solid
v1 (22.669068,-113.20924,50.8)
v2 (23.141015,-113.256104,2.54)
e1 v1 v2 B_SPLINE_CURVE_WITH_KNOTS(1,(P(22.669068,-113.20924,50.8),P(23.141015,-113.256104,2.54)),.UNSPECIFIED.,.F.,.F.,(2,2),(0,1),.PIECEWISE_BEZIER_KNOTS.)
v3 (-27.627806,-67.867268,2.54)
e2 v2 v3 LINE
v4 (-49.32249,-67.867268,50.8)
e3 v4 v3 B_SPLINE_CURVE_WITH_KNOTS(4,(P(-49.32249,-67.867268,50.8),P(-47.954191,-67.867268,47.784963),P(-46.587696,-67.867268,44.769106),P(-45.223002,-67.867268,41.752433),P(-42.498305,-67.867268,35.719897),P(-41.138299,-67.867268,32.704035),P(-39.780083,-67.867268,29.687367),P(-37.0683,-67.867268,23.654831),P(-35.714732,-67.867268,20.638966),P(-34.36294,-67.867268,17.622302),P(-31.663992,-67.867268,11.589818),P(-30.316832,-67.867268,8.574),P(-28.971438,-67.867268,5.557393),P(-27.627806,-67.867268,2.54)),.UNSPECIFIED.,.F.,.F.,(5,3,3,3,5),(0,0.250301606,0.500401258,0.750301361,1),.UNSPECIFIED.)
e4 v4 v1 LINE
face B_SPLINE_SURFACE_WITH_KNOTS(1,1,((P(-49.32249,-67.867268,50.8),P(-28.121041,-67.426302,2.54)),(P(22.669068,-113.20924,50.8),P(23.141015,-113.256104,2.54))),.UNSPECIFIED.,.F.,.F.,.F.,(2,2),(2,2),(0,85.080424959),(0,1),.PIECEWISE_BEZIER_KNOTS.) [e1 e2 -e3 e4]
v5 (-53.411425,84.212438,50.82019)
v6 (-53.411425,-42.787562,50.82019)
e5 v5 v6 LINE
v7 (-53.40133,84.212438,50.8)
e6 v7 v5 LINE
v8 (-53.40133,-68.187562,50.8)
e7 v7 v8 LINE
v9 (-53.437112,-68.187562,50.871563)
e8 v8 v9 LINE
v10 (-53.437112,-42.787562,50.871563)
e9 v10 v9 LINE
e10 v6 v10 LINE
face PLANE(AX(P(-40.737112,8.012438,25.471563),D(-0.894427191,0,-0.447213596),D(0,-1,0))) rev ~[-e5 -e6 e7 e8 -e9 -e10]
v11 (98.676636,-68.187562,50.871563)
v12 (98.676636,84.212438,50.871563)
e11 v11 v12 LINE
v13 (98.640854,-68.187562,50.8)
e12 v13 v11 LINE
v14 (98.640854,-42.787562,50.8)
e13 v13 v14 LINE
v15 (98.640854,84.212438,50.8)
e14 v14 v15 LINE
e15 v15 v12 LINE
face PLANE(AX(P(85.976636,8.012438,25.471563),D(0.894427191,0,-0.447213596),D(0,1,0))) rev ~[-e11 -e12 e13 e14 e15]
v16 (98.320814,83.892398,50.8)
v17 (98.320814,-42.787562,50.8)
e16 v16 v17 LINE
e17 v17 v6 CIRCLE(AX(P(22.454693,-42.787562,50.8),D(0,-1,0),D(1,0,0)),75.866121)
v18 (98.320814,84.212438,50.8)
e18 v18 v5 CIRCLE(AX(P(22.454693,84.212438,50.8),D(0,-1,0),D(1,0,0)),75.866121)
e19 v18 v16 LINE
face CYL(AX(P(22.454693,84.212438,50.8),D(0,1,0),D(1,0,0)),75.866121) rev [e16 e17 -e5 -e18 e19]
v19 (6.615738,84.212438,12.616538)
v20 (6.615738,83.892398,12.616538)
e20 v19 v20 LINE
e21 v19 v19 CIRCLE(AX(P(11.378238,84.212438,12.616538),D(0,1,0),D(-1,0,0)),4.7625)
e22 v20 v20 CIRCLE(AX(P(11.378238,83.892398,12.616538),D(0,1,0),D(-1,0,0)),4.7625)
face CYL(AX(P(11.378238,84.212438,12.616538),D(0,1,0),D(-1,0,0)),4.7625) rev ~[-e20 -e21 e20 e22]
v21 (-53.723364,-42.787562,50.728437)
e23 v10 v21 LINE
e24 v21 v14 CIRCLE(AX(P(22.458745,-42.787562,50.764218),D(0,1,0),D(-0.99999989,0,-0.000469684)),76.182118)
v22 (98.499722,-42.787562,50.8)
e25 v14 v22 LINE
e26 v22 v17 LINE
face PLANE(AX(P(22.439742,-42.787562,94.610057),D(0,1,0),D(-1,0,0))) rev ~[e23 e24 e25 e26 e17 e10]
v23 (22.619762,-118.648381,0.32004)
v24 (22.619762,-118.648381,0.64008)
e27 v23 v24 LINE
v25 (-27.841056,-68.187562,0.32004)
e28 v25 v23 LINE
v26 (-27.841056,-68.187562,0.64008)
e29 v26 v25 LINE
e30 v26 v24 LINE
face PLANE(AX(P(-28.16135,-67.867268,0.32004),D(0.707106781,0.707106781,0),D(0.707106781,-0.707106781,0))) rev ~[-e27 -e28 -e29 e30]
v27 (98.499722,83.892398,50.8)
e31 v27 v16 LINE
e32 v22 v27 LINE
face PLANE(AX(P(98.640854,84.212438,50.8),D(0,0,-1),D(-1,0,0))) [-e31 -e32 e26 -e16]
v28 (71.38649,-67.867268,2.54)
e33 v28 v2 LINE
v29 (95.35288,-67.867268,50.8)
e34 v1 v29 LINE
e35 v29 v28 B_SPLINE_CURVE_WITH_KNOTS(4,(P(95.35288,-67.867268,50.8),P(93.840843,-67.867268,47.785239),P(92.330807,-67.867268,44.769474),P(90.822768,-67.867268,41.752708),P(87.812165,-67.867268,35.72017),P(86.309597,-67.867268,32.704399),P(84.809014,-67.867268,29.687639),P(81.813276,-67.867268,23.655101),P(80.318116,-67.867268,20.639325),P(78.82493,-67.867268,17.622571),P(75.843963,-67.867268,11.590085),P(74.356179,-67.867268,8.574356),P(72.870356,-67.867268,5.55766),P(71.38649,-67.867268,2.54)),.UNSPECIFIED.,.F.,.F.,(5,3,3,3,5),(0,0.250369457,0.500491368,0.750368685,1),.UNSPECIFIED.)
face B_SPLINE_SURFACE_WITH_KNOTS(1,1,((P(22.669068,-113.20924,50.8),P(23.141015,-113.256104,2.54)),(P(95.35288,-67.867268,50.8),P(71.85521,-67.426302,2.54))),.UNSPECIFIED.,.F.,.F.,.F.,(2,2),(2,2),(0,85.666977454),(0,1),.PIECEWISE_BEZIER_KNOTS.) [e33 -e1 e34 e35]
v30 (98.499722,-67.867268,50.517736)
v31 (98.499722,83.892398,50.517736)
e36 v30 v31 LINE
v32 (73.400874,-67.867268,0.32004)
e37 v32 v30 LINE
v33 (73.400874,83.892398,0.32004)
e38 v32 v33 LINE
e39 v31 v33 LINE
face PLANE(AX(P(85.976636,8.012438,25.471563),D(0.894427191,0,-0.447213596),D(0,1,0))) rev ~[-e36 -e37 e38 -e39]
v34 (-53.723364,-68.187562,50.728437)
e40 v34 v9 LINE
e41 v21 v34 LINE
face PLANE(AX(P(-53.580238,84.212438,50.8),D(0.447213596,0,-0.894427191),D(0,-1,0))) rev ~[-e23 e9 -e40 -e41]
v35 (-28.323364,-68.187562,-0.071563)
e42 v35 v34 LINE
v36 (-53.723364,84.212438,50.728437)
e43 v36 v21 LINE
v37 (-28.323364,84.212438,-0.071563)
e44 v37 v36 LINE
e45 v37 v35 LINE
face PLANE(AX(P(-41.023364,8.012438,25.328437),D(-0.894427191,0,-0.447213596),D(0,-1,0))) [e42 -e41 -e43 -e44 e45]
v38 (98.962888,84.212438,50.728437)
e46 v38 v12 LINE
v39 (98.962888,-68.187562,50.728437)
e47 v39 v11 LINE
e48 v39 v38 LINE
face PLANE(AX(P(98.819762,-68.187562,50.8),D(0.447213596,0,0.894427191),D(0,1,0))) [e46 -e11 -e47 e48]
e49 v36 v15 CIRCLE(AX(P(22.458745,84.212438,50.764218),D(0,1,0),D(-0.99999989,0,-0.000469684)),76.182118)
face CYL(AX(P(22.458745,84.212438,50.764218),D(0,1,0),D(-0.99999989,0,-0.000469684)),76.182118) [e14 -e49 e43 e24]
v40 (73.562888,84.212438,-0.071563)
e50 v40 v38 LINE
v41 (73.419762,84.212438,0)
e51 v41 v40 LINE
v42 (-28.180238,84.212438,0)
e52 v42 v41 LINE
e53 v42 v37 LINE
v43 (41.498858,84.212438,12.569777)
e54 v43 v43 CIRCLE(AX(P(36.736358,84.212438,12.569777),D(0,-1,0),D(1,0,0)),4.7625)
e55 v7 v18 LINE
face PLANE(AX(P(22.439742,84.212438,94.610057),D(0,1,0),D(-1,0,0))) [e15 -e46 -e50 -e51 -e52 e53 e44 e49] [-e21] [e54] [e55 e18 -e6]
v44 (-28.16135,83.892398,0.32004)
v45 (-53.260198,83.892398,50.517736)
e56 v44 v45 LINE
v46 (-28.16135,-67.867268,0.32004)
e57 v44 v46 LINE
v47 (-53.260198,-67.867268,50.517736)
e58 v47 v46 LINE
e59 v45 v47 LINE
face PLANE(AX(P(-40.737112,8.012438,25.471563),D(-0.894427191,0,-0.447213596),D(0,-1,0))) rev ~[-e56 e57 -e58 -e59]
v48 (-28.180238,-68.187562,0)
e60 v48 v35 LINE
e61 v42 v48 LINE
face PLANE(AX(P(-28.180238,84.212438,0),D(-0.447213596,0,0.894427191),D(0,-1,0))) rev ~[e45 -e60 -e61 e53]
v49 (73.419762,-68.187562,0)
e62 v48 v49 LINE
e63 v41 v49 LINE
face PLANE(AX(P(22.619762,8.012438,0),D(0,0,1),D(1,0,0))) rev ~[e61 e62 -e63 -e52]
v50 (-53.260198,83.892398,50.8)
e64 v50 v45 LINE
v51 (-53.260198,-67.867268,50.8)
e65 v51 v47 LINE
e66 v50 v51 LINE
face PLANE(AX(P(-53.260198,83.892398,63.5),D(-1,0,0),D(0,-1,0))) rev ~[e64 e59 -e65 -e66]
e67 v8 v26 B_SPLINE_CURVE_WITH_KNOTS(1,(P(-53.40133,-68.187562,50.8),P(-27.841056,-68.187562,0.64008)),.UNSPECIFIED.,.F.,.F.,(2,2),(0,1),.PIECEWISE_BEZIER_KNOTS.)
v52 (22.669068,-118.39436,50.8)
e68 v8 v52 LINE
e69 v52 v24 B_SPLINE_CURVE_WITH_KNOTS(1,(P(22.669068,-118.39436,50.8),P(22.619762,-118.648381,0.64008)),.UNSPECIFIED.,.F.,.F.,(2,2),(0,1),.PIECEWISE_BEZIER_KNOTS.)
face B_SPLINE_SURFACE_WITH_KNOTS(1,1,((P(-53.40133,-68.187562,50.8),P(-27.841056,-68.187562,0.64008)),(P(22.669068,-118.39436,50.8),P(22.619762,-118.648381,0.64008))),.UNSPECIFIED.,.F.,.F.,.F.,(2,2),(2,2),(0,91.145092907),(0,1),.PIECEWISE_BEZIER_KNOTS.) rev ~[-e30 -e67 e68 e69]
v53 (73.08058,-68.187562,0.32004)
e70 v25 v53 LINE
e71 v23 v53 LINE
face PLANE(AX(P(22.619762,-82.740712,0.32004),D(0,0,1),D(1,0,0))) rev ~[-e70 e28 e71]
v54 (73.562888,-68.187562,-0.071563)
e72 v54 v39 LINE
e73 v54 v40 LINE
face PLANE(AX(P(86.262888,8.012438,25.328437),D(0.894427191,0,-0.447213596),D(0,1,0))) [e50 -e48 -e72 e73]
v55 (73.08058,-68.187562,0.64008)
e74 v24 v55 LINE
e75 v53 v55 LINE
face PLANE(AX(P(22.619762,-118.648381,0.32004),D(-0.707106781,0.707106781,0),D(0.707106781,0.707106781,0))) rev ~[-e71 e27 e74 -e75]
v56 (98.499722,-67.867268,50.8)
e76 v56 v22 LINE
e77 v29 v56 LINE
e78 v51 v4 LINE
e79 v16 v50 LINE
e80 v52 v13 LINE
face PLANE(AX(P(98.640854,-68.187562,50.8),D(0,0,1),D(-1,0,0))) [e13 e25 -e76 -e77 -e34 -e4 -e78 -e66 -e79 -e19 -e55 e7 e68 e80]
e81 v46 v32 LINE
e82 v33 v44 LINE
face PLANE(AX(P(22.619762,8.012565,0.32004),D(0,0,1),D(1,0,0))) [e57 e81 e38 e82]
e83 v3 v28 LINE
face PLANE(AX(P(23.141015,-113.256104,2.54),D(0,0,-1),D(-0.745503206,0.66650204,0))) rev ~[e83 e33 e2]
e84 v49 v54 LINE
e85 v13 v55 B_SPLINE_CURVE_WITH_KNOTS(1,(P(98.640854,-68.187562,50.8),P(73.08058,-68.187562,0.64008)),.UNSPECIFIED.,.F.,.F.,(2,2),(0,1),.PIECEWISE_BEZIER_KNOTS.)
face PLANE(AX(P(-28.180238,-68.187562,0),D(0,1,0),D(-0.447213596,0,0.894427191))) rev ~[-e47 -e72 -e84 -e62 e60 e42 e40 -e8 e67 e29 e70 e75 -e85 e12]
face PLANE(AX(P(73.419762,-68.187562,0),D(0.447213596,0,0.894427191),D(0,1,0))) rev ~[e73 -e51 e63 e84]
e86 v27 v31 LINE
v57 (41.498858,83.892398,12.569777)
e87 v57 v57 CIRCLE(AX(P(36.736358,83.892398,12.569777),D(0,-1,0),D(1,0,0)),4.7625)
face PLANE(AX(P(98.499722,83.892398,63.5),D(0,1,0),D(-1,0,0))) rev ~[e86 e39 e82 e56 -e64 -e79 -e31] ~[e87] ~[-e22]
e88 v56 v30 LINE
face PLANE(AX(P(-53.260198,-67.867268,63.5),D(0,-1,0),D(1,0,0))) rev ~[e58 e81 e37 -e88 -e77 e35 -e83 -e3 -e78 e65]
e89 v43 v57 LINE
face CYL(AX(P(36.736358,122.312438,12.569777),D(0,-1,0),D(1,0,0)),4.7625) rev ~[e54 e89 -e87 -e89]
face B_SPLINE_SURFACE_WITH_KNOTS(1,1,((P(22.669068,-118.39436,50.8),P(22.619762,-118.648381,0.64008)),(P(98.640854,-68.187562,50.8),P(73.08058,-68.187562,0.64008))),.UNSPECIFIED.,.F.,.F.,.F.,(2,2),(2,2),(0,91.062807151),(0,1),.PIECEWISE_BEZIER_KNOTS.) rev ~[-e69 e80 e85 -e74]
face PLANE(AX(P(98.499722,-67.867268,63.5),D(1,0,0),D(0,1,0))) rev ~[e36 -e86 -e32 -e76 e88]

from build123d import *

# Parameters (mm, degrees)
F0_W           = 152.4
F0_H           = 152.4
F1_DEPTH       = 63.5
F3_DEPTH       = 63.17996
F4_DEPTH       = 12.7
F6_DEPTH       = 609.6
F7_W           = 152.4
F7_H           = 56.7961266285
F8_DEPTH       = 0.16002
F8_DEPTH_BACK  = 0.16002
F9_W           = 152.4
F9_H           = 56.7961266285
F10_DEPTH      = 0.16002
F10_DEPTH_BACK = 0.16002
F12_DEPTH      = 0.32004
F19_DEPTH      = 127
F24_D          = 9.525
F24_DEPTH      = 38.1
F24_TIP        = 2.8615986981
F26_DEPTH      = 25.4


with BuildPart() as f1:
    # F0 (on Top) → F1 (new body)
    with BuildSketch(Plane.XY):
        with Locations((22.6197618335, 8.0124375336)):
            Rectangle(F0_W, F0_H)
    extrude(amount=F1_DEPTH)

    # F2 (on face) → F3 (cut)
    with BuildSketch(Plane.XY.offset(63.5)):
        Polygon((22.6197618335, 83.8923975336), (-53.2601981665, 83.8923975336), (-53.2601981665, -0.1986662101), (-53.2601981665, -67.8672684664), (22.6197618335, -67.8672684664), (98.4997218335, -67.8672684664), (98.4997218335, -5.9687194955), (98.4997218335, 83.8923975336), align=None)
    extrude(amount=-F3_DEPTH, mode=Mode.SUBTRACT)

    # F4 (cut): a face of the model
    f4_faces = [f1.faces().sort_by_distance(p)[0] for p in [
        (22.6197618335, 83.9969113867, 63.5),
    ]]
    extrude(f4_faces, amount=-F4_DEPTH, mode=Mode.SUBTRACT)

    # F5 (on face) → F6 (cut)
    with BuildSketch(Plane(origin=(0, 84.2124375336, 0), x_dir=(-1, 0, 0), z_dir=(0, 1, 0))):
        Polygon((-73.4197618335, 0), (-98.8197618335, 50.8), (-98.8197618335, 0), align=None)
        Polygon((53.5802381665, 0), (53.5802381665, 50.8), (28.1802381665, 0), align=None)
    extrude(amount=-F6_DEPTH, mode=Mode.SUBTRACT)

    # F7 (on face) → F8 (join, two sides)
    with BuildSketch(Plane(origin=(58.7358094668, 0, -29.3679047334), x_dir=(0, 1, 0), z_dir=(0.894427191, 0, -0.4472135955))) as f8_sk:
        with Locations((8.0124375336, 61.2323789846)):
            Rectangle(F7_W, F7_H)
    extrude(amount=-F8_DEPTH)
    extrude(f8_sk.sketch, amount=F8_DEPTH_BACK)

    # F9 (on face) → F10 (join, two sides)
    with BuildSketch(Plane(origin=(-22.5441905332, 0, -11.2720952666), x_dir=(0, -1, 0), z_dir=(-0.894427191, 0, -0.4472135955))) as f10_sk:
        with Locations((-8.0124375336, 41.0006489467)):
            Rectangle(F9_W, F9_H)
    extrude(amount=F10_DEPTH)
    extrude(f10_sk.sketch, amount=-F10_DEPTH_BACK)

    # F11 (on face) → F12 (join)
    with BuildSketch(Plane.XY.offset(0.32004)):
        Polygon((73.4008740347, -67.8672684664), (-28.1613503676, -67.8672684664), (22.6197618335, -118.6483806675), align=None)
    extrude(amount=F12_DEPTH)

    # F13 (on face) → F14 section 0
    with BuildSketch(Plane.XY.offset(50.8)):
        Polygon((98.6408540347, -68.1875624664), (-53.4013303676, -68.1875624664), (22.6690676063, -118.3943599463), align=None)
    # F12_face (on face) → F14 section 1
    with BuildSketch(Plane(origin=(22.6197618335, -85.0078352001, 0.64008), x_dir=(1, 0, 0), z_dir=(0, 0, 1))):
        Polygon((-50.4608182011, 16.8202727337), (0, -33.6405454674), (50.4608182011, 16.8202727337), align=None)
    loft()

    # F18 (on face) → F19 (join)
    with BuildSketch(Plane(origin=(0, 84.2124375336, 0), x_dir=(-1, 0, 0), z_dir=(0, 1, 0))):
        with BuildLine():
            Line((53.4371119273, 50.8715631196), (53.7233644056, 50.7284368804))
            ThreePointArc((53.7233644056, 50.7284368804), (-22.4229632548, 126.9463276603), (-98.6408540347, 50.8))
            Line((-98.6408540347, 50.8), (-98.3208140347, 50.8))
            ThreePointArc((-98.3208140347, 50.8), (-22.464787963, 126.6661203454), (53.4114253128, 50.8201898905))
            Line((53.4114253128, 50.8201898905), (53.4371119273, 50.8715631196))
        make_face()
    extrude(amount=-F19_DEPTH)

    # F15 (on face) → F20 section 0
    with BuildSketch(Plane.XY.offset(50.8)):
        Polygon((-49.3224896491, -67.8672684664), (22.6690676063, -113.2092401385), (95.3528803221, -67.8672684664), align=None)
    # F17 (on offset) → F20 section 1
    with BuildSketch(Plane(origin=(0, 0, 2.54), x_dir=(1, 0, 0), z_dir=(0, 0, -1))):
        Polygon((23.141015321, 113.2561042905), (-28.1210406962, 67.4263015389), (71.8552097678, 67.4263015389), align=None)
    loft(mode=Mode.SUBTRACT)

    # F24
    with Locations(Plane(origin=(0, 84.2124375336, 0), x_dir=(-1, 0, 0), z_dir=(0, 1, 0))):
        with Locations((-36.7363579571, 12.5697767362)):
            Hole(F24_D / 2, depth=F24_DEPTH)
            with Locations((0, 0, -(F24_DEPTH + F24_TIP / 2))):  # 118° drill point
                Cone(0, F24_D / 2, F24_TIP, mode=Mode.SUBTRACT)

    # F25 (on face) → F26 (cut)
    with BuildSketch(Plane(origin=(0, 84.2124375336, 0), x_dir=(-1, 0, 0), z_dir=(0, 1, 0))):
        with BuildLine():
            ThreePointArc((-16.1407376707, 12.6165375113), (-11.3782376707, 7.8540375113), (-6.6157376707, 12.6165375113))
            ThreePointArc((-6.6157376707, 12.6165375113), (-11.3782376707, 17.3790375113), (-16.1407376707, 12.6165375113))
        make_face()
    extrude(amount=-F26_DEPTH, mode=Mode.SUBTRACT)


solid = f1.part
